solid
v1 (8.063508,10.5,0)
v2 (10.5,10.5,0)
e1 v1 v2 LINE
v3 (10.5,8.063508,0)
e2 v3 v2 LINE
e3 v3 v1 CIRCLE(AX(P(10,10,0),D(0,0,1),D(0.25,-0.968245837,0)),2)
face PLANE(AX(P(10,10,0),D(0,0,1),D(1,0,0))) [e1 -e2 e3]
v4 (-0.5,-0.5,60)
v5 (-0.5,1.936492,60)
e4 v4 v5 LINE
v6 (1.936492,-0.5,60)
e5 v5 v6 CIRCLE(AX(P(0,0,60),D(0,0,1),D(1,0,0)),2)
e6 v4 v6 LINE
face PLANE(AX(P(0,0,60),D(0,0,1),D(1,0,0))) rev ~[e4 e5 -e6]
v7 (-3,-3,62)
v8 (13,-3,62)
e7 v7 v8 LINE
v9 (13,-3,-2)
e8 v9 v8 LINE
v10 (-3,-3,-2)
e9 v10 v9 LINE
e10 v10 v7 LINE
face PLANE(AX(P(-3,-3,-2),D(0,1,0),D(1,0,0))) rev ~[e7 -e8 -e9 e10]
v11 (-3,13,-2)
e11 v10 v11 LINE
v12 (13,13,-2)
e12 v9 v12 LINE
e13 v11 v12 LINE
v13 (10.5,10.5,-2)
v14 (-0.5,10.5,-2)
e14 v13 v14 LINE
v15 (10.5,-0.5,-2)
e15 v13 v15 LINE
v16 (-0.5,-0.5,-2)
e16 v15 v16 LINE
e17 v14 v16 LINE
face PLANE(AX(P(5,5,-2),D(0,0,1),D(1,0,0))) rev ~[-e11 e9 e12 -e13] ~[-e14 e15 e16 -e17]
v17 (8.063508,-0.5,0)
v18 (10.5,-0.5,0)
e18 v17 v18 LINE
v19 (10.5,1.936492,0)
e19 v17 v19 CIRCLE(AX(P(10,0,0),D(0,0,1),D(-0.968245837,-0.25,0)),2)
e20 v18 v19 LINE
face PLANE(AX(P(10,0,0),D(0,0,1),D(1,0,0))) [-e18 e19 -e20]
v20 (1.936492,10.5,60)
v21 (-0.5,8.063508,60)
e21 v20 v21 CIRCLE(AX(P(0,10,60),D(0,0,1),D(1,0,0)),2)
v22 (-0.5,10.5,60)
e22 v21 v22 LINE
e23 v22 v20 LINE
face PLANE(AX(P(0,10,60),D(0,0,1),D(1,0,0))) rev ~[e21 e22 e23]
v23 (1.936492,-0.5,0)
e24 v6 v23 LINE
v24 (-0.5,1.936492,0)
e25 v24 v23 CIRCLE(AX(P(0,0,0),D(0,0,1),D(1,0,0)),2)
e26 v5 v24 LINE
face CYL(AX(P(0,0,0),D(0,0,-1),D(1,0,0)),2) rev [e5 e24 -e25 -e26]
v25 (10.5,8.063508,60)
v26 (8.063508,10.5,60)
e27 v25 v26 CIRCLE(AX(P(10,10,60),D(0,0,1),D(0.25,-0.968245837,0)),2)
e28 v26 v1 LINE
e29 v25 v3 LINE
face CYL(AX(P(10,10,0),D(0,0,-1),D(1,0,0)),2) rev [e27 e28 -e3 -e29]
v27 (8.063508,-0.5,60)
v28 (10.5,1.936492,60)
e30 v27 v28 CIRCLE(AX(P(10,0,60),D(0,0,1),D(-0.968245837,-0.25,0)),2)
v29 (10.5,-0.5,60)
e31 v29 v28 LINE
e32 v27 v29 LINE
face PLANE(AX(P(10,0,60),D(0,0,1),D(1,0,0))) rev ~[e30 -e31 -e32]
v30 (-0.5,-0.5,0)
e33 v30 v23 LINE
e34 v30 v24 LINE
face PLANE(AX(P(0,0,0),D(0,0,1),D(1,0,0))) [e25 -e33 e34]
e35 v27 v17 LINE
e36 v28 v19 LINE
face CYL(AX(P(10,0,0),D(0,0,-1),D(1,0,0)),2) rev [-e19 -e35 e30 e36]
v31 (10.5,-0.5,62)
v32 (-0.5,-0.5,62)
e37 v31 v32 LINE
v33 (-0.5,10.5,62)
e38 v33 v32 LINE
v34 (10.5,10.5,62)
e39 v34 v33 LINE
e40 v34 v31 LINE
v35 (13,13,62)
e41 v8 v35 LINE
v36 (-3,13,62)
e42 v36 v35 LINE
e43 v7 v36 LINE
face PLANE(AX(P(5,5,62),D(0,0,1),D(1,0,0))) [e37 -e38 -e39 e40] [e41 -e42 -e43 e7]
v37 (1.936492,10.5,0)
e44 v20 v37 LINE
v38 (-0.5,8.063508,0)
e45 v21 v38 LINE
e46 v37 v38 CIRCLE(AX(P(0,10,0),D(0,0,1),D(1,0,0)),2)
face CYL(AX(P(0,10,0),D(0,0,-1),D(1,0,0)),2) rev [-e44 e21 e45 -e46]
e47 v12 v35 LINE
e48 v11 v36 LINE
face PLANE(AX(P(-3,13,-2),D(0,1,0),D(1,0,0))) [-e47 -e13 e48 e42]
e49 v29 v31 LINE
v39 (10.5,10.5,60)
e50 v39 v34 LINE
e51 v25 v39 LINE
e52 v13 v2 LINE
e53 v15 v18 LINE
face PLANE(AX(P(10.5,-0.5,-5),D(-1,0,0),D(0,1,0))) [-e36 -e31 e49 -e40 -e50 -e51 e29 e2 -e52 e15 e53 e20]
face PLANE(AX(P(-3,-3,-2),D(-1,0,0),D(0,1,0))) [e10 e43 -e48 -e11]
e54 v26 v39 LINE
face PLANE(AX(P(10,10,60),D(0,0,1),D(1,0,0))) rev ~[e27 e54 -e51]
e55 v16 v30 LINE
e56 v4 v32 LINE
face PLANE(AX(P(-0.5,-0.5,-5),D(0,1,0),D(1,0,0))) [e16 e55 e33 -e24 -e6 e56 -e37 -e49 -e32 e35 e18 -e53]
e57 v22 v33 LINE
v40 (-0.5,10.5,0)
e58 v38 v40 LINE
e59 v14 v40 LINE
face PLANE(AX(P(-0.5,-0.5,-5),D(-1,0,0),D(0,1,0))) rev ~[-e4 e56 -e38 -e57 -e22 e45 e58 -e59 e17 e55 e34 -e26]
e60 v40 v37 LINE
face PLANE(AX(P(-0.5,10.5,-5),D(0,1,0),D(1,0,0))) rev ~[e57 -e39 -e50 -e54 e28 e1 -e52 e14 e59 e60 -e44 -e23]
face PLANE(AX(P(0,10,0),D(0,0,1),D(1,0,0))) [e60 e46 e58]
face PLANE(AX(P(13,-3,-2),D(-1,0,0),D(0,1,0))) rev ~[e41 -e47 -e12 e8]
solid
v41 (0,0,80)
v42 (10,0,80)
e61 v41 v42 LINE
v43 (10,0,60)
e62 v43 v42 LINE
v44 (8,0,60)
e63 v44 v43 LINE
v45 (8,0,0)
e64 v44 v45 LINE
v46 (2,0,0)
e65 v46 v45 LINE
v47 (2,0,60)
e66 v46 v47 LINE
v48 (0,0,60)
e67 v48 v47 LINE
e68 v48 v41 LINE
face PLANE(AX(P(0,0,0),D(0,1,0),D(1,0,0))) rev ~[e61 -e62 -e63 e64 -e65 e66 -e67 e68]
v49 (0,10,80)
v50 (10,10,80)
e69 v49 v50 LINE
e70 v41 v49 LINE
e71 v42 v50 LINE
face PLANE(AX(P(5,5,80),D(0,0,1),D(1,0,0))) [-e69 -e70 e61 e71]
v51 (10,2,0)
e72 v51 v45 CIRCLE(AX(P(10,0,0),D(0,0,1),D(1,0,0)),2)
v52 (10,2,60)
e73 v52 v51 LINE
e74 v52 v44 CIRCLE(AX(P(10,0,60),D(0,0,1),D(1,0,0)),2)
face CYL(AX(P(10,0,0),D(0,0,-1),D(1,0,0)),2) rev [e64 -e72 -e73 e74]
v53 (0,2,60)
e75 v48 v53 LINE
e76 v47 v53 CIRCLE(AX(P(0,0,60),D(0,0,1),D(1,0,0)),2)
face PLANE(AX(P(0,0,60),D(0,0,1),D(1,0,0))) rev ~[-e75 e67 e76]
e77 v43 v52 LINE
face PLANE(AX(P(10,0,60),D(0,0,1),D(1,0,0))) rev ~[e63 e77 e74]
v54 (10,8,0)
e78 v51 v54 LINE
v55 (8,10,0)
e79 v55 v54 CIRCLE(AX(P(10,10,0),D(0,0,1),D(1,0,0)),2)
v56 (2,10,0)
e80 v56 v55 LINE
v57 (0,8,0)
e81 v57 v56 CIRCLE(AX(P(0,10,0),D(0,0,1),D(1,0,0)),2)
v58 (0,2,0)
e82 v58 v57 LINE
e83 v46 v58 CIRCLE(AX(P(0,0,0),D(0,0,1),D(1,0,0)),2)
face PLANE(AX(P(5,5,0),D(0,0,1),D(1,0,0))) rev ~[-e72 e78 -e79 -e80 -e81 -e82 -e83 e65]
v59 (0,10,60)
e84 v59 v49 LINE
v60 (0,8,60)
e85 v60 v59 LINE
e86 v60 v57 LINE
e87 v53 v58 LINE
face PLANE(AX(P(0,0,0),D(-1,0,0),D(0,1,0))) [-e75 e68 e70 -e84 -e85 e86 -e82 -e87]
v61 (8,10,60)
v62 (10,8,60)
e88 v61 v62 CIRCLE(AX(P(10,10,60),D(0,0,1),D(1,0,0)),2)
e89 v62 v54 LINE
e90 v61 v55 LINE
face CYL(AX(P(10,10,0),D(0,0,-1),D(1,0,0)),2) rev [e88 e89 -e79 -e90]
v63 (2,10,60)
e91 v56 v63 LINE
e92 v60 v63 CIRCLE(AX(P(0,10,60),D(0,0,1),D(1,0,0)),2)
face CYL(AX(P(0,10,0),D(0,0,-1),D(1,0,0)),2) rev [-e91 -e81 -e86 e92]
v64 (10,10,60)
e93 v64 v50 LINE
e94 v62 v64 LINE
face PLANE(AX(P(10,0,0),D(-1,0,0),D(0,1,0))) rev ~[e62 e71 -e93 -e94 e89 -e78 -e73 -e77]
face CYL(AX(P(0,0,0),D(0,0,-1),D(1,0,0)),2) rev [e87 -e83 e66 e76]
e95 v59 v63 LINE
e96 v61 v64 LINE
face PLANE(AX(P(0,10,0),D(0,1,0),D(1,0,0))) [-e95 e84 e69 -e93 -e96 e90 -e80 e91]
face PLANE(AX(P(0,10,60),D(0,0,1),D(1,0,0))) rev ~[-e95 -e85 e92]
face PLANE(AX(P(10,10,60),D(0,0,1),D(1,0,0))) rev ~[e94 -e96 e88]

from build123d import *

# Parameters (mm, degrees)
CYLINDER005_R     = 2
CYLINDER005_DEPTH = 60
CYLINDER006_R     = 2
CYLINDER006_DEPTH = 60
CYLINDER007_R     = 2
CYLINDER007_DEPTH = 60
CYLINDER004_R     = 2
CYLINDER004_DEPTH = 60
BOX_W             = 10
BOX_H             = 10
BOX_DEPTH         = 80
CYLINDER_R        = 2
CYLINDER_DEPTH    = 60
CYLINDER002_R     = 2
CYLINDER002_DEPTH = 60
CYLINDER001_R     = 2
CYLINDER001_DEPTH = 60
CYLINDER003_R     = 2
CYLINDER003_DEPTH = 60
BOX002_W          = 11
BOX002_H          = 11
BOX002_DEPTH      = 80
BOX001_W          = 16
BOX001_H          = 16
BOX001_DEPTH      = 64


with BuildPart() as cylinder005:
    # Cylinder005 → Cylinder005 (new body)
    with BuildSketch(Plane(origin=(0, 10, 0), x_dir=(1, 0, 0), z_dir=(0, 0, 1))):
        Circle(CYLINDER005_R)
    extrude(amount=CYLINDER005_DEPTH)


with BuildPart() as cylinder006:
    # Cylinder006 → Cylinder006 (new body)
    with BuildSketch(Plane(origin=(10, 10, 0), x_dir=(1, 0, 0), z_dir=(0, 0, 1))):
        Circle(CYLINDER006_R)
    extrude(amount=CYLINDER006_DEPTH)


with BuildPart() as cylinder007:
    # Cylinder007 → Cylinder007 (new body)
    with BuildSketch(Plane(origin=(10, 0, 0), x_dir=(1, 0, 0), z_dir=(0, 0, 1))):
        Circle(CYLINDER007_R)
    extrude(amount=CYLINDER007_DEPTH)


with BuildPart() as cylinder004:
    # Cylinder004 → Cylinder004 (new body)
    with BuildSketch(Plane.XY):
        Circle(CYLINDER004_R)
    extrude(amount=CYLINDER004_DEPTH)


with BuildPart() as cut003:
    # Box → Box (new body)
    with BuildSketch(Plane.XY):
        with Locations((5, 5)):
            Rectangle(BOX_W, BOX_H)
    extrude(amount=BOX_DEPTH)

    # Cut: cut Cylinder004
    add(cylinder004.part, mode=Mode.SUBTRACT)

    # Cut001: cut Cylinder007
    add(cylinder007.part, mode=Mode.SUBTRACT)

    # Cut002: cut Cylinder006
    add(cylinder006.part, mode=Mode.SUBTRACT)

    # Cut003: cut Cylinder005
    add(cylinder005.part, mode=Mode.SUBTRACT)


with BuildPart() as cylinder:
    # Cylinder → Cylinder (new body)
    with BuildSketch(Plane.XY):
        Circle(CYLINDER_R)
    extrude(amount=CYLINDER_DEPTH)


with BuildPart() as cylinder002:
    # Cylinder002 → Cylinder002 (new body)
    with BuildSketch(Plane(origin=(10, 10, 0), x_dir=(1, 0, 0), z_dir=(0, 0, 1))):
        Circle(CYLINDER002_R)
    extrude(amount=CYLINDER002_DEPTH)


with BuildPart() as cylinder001:
    # Cylinder001 → Cylinder001 (new body)
    with BuildSketch(Plane(origin=(10, 0, 0), x_dir=(1, 0, 0), z_dir=(0, 0, 1))):
        Circle(CYLINDER001_R)
    extrude(amount=CYLINDER001_DEPTH)


with BuildPart() as cylinder003:
    # Cylinder003 → Cylinder003 (new body)
    with BuildSketch(Plane(origin=(0, 10, 0), x_dir=(1, 0, 0), z_dir=(0, 0, 1))):
        Circle(CYLINDER003_R)
    extrude(amount=CYLINDER003_DEPTH)


with BuildPart() as cube002:
    # Box002 → Box002 (new body)
    with BuildSketch(Plane(origin=(-0.5, -0.5, -5), x_dir=(1, 0, 0), z_dir=(0, 0, 1))):
        with Locations((5.5, 5.5)):
            Rectangle(BOX002_W, BOX002_H)
    extrude(amount=BOX002_DEPTH)


with BuildPart() as cut008:
    # Box001 → Box001 (new body)
    with BuildSketch(Plane(origin=(-3, -3, -2), x_dir=(1, 0, 0), z_dir=(0, 0, 1))):
        with Locations((8, 8)):
            Rectangle(BOX001_W, BOX001_H)
    extrude(amount=BOX001_DEPTH)

    # Cut004: cut Cube002
    add(cube002.part, mode=Mode.SUBTRACT)

    # Cut005: cut Cylinder003
    add(cylinder003.part, mode=Mode.SUBTRACT)

    # Cut006: cut Cylinder001
    add(cylinder001.part, mode=Mode.SUBTRACT)

    # Cut007: cut Cylinder002
    add(cylinder002.part, mode=Mode.SUBTRACT)

    # Cut008: cut Cylinder
    add(cylinder.part, mode=Mode.SUBTRACT)


solid = Compound([cut003.part, cut008.part])
